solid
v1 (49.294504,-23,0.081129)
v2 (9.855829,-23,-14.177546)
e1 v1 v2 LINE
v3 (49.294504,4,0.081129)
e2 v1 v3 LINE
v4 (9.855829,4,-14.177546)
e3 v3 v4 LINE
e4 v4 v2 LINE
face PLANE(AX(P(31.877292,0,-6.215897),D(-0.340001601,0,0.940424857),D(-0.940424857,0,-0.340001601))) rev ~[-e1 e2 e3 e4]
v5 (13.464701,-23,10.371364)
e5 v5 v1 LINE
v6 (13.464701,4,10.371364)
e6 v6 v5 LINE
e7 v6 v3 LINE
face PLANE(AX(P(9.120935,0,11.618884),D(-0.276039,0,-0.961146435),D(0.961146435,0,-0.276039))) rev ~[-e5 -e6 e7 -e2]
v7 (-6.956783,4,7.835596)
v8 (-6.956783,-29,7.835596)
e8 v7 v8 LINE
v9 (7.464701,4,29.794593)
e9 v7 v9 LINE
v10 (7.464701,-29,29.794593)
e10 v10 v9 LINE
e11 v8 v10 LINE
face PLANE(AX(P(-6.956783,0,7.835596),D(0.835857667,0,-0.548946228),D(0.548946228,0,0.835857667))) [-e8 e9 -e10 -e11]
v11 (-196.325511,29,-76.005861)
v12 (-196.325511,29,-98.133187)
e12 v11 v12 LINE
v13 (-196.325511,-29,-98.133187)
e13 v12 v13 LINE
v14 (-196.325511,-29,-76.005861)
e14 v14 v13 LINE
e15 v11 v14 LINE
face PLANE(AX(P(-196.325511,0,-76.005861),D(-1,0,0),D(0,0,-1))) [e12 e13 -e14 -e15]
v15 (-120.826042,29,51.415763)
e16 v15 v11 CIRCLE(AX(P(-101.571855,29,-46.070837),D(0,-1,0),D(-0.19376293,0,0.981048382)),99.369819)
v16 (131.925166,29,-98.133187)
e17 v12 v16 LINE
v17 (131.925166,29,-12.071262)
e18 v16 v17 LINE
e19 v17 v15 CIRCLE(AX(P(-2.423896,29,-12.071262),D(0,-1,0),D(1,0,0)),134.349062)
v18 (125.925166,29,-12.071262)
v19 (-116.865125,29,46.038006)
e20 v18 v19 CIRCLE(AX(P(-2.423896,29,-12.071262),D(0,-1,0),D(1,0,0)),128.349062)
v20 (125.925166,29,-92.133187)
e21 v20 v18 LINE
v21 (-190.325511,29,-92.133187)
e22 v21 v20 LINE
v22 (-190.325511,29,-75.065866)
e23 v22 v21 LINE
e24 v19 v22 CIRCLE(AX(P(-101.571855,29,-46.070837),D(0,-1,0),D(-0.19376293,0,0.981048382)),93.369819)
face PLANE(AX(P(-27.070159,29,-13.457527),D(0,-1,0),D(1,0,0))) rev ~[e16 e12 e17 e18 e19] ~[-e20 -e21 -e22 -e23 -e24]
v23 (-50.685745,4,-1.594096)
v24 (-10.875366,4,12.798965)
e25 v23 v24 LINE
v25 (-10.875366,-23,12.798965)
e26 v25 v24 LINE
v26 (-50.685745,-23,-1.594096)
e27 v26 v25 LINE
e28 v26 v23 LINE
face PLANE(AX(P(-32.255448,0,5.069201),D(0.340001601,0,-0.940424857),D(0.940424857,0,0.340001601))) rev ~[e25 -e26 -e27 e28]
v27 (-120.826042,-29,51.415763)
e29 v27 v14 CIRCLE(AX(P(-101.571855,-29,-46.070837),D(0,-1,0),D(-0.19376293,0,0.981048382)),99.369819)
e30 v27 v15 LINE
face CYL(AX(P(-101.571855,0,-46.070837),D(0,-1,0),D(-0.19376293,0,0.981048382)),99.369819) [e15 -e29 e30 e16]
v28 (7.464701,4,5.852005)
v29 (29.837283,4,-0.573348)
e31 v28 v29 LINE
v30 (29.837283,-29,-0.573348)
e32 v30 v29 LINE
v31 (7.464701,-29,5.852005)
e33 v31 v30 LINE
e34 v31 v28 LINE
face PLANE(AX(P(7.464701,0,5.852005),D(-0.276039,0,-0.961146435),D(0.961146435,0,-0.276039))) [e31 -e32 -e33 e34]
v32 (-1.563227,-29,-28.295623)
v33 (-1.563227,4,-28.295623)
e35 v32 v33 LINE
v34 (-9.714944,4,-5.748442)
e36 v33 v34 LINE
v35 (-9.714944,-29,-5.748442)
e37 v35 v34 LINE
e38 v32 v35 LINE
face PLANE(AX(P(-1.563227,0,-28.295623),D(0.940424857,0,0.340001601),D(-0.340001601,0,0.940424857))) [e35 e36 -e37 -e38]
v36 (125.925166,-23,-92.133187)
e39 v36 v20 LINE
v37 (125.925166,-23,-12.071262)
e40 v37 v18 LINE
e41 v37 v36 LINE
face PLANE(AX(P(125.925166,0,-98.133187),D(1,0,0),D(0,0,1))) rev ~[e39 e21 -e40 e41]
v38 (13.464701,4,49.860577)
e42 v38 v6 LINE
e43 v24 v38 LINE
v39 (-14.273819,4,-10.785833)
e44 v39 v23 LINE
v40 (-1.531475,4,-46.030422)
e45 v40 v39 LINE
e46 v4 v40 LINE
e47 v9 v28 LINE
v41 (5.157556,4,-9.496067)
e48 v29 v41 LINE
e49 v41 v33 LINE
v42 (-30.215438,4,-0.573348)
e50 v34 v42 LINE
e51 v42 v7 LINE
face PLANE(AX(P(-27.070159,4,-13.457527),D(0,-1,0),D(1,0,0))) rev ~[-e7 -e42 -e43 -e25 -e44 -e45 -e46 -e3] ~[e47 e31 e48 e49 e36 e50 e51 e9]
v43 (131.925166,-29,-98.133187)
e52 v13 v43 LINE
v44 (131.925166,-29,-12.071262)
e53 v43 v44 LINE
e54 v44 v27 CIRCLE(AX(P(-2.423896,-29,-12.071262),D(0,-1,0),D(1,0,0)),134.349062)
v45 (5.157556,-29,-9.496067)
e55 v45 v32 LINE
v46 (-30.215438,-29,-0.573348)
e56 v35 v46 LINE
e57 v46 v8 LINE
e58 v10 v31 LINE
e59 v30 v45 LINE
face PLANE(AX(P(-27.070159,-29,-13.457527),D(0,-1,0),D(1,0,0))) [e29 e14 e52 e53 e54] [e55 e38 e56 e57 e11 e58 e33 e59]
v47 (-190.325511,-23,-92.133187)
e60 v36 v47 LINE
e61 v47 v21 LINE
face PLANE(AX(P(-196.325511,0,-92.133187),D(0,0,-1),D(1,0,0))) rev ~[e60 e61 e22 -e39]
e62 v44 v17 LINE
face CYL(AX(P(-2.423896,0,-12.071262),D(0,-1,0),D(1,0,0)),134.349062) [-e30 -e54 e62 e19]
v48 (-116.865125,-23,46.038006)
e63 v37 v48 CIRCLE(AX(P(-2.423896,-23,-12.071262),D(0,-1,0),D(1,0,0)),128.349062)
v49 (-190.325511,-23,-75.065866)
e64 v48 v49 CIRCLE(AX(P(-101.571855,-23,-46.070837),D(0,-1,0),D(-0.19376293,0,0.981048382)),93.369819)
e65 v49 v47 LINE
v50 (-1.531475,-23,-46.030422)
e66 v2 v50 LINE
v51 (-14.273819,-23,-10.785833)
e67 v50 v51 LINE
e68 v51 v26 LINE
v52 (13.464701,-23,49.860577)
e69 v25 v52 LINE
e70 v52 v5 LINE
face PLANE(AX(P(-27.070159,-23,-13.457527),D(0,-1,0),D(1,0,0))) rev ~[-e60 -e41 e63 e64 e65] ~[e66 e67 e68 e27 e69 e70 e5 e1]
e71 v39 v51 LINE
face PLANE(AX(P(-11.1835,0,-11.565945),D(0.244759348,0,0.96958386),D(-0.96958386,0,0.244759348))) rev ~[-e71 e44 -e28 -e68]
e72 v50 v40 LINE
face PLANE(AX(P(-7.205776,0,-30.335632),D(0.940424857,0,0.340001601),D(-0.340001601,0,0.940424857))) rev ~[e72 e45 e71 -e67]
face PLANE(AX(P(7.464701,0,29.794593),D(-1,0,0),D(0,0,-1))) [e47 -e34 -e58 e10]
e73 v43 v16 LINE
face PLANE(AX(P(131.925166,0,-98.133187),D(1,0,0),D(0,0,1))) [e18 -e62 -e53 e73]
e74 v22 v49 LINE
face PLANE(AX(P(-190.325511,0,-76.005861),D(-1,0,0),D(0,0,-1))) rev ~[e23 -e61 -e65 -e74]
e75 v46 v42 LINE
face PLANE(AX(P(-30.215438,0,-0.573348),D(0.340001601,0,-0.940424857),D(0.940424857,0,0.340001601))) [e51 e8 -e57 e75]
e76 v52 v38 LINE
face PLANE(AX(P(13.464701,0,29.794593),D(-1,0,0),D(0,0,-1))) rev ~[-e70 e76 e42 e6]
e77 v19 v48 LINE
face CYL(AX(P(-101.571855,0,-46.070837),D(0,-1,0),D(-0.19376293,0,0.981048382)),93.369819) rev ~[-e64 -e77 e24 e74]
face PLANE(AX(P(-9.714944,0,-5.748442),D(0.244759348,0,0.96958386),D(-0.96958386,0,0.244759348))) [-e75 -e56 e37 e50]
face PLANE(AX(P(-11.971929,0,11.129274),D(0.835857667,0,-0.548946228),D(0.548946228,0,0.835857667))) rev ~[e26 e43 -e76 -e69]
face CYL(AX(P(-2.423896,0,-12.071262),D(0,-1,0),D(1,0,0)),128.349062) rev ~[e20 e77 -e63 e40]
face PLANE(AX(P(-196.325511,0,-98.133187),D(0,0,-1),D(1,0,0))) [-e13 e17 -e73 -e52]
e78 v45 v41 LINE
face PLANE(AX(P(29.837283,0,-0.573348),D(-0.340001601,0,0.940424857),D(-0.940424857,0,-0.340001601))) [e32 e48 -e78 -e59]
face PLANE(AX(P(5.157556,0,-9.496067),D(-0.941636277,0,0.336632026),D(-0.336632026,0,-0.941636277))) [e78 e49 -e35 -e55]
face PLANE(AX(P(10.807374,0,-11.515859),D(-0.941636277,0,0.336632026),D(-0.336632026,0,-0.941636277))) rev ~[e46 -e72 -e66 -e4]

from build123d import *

# Parameters (mm, degrees)
F1_DEPTH = 29
F2_T     = -6
F3_DEPTH = 25


with BuildPart() as f1:
    # F0 (on Front) → F1 (new body, symmetric)
    with BuildSketch(Plane.XZ):
        with BuildLine():
            ThreePointArc((-120.8260423411, 51.4157625441), (-187.0617060927, 4.5833458701), (-196.3255107403, -76.005861395))
            Line((-196.3255107403, -76.005861395), (-196.3255107403, -98.1331872754))
            Line((-196.3255107403, -98.1331872754), (131.9251656532, -98.1331872754))
            Line((131.9251656532, -98.1331872754), (131.9251656532, -12.0712618296))
            ThreePointArc((131.9251656532, -12.0712618296), (30.305701886, 118.2300959975), (-120.8260423411, 51.4157625441))
        make_face()
        Polygon((-6.9567829963, 7.8355963742), (7.4647014605, 29.7945929541), (7.4647014605, 5.8520050569), (29.8372825252, -0.5733477102), (5.157555885, -9.4960665254), (-1.5632266534, -28.2956225947), (-9.7149439706, -5.7484417182), (-30.2154383046, -0.5733477102), align=None, mode=Mode.SUBTRACT)
    extrude(amount=F1_DEPTH, both=True)

    # F2
    f2_openings = [f1.faces().sort_by_distance(p)[0] for p in [
        (-24.069306, 29, -4.408664),
    ]]
    offset(amount=F2_T, openings=f2_openings, kind=Kind.INTERSECTION)

    # F3 (cut): a face of the model
    f3_faces = [f1.faces().sort_by_distance(p)[0] for p in [
        (2.4525988659, 29, 30.5693044377),
    ]]
    extrude(f3_faces, amount=-F3_DEPTH, mode=Mode.SUBTRACT)


solid = f1.part
